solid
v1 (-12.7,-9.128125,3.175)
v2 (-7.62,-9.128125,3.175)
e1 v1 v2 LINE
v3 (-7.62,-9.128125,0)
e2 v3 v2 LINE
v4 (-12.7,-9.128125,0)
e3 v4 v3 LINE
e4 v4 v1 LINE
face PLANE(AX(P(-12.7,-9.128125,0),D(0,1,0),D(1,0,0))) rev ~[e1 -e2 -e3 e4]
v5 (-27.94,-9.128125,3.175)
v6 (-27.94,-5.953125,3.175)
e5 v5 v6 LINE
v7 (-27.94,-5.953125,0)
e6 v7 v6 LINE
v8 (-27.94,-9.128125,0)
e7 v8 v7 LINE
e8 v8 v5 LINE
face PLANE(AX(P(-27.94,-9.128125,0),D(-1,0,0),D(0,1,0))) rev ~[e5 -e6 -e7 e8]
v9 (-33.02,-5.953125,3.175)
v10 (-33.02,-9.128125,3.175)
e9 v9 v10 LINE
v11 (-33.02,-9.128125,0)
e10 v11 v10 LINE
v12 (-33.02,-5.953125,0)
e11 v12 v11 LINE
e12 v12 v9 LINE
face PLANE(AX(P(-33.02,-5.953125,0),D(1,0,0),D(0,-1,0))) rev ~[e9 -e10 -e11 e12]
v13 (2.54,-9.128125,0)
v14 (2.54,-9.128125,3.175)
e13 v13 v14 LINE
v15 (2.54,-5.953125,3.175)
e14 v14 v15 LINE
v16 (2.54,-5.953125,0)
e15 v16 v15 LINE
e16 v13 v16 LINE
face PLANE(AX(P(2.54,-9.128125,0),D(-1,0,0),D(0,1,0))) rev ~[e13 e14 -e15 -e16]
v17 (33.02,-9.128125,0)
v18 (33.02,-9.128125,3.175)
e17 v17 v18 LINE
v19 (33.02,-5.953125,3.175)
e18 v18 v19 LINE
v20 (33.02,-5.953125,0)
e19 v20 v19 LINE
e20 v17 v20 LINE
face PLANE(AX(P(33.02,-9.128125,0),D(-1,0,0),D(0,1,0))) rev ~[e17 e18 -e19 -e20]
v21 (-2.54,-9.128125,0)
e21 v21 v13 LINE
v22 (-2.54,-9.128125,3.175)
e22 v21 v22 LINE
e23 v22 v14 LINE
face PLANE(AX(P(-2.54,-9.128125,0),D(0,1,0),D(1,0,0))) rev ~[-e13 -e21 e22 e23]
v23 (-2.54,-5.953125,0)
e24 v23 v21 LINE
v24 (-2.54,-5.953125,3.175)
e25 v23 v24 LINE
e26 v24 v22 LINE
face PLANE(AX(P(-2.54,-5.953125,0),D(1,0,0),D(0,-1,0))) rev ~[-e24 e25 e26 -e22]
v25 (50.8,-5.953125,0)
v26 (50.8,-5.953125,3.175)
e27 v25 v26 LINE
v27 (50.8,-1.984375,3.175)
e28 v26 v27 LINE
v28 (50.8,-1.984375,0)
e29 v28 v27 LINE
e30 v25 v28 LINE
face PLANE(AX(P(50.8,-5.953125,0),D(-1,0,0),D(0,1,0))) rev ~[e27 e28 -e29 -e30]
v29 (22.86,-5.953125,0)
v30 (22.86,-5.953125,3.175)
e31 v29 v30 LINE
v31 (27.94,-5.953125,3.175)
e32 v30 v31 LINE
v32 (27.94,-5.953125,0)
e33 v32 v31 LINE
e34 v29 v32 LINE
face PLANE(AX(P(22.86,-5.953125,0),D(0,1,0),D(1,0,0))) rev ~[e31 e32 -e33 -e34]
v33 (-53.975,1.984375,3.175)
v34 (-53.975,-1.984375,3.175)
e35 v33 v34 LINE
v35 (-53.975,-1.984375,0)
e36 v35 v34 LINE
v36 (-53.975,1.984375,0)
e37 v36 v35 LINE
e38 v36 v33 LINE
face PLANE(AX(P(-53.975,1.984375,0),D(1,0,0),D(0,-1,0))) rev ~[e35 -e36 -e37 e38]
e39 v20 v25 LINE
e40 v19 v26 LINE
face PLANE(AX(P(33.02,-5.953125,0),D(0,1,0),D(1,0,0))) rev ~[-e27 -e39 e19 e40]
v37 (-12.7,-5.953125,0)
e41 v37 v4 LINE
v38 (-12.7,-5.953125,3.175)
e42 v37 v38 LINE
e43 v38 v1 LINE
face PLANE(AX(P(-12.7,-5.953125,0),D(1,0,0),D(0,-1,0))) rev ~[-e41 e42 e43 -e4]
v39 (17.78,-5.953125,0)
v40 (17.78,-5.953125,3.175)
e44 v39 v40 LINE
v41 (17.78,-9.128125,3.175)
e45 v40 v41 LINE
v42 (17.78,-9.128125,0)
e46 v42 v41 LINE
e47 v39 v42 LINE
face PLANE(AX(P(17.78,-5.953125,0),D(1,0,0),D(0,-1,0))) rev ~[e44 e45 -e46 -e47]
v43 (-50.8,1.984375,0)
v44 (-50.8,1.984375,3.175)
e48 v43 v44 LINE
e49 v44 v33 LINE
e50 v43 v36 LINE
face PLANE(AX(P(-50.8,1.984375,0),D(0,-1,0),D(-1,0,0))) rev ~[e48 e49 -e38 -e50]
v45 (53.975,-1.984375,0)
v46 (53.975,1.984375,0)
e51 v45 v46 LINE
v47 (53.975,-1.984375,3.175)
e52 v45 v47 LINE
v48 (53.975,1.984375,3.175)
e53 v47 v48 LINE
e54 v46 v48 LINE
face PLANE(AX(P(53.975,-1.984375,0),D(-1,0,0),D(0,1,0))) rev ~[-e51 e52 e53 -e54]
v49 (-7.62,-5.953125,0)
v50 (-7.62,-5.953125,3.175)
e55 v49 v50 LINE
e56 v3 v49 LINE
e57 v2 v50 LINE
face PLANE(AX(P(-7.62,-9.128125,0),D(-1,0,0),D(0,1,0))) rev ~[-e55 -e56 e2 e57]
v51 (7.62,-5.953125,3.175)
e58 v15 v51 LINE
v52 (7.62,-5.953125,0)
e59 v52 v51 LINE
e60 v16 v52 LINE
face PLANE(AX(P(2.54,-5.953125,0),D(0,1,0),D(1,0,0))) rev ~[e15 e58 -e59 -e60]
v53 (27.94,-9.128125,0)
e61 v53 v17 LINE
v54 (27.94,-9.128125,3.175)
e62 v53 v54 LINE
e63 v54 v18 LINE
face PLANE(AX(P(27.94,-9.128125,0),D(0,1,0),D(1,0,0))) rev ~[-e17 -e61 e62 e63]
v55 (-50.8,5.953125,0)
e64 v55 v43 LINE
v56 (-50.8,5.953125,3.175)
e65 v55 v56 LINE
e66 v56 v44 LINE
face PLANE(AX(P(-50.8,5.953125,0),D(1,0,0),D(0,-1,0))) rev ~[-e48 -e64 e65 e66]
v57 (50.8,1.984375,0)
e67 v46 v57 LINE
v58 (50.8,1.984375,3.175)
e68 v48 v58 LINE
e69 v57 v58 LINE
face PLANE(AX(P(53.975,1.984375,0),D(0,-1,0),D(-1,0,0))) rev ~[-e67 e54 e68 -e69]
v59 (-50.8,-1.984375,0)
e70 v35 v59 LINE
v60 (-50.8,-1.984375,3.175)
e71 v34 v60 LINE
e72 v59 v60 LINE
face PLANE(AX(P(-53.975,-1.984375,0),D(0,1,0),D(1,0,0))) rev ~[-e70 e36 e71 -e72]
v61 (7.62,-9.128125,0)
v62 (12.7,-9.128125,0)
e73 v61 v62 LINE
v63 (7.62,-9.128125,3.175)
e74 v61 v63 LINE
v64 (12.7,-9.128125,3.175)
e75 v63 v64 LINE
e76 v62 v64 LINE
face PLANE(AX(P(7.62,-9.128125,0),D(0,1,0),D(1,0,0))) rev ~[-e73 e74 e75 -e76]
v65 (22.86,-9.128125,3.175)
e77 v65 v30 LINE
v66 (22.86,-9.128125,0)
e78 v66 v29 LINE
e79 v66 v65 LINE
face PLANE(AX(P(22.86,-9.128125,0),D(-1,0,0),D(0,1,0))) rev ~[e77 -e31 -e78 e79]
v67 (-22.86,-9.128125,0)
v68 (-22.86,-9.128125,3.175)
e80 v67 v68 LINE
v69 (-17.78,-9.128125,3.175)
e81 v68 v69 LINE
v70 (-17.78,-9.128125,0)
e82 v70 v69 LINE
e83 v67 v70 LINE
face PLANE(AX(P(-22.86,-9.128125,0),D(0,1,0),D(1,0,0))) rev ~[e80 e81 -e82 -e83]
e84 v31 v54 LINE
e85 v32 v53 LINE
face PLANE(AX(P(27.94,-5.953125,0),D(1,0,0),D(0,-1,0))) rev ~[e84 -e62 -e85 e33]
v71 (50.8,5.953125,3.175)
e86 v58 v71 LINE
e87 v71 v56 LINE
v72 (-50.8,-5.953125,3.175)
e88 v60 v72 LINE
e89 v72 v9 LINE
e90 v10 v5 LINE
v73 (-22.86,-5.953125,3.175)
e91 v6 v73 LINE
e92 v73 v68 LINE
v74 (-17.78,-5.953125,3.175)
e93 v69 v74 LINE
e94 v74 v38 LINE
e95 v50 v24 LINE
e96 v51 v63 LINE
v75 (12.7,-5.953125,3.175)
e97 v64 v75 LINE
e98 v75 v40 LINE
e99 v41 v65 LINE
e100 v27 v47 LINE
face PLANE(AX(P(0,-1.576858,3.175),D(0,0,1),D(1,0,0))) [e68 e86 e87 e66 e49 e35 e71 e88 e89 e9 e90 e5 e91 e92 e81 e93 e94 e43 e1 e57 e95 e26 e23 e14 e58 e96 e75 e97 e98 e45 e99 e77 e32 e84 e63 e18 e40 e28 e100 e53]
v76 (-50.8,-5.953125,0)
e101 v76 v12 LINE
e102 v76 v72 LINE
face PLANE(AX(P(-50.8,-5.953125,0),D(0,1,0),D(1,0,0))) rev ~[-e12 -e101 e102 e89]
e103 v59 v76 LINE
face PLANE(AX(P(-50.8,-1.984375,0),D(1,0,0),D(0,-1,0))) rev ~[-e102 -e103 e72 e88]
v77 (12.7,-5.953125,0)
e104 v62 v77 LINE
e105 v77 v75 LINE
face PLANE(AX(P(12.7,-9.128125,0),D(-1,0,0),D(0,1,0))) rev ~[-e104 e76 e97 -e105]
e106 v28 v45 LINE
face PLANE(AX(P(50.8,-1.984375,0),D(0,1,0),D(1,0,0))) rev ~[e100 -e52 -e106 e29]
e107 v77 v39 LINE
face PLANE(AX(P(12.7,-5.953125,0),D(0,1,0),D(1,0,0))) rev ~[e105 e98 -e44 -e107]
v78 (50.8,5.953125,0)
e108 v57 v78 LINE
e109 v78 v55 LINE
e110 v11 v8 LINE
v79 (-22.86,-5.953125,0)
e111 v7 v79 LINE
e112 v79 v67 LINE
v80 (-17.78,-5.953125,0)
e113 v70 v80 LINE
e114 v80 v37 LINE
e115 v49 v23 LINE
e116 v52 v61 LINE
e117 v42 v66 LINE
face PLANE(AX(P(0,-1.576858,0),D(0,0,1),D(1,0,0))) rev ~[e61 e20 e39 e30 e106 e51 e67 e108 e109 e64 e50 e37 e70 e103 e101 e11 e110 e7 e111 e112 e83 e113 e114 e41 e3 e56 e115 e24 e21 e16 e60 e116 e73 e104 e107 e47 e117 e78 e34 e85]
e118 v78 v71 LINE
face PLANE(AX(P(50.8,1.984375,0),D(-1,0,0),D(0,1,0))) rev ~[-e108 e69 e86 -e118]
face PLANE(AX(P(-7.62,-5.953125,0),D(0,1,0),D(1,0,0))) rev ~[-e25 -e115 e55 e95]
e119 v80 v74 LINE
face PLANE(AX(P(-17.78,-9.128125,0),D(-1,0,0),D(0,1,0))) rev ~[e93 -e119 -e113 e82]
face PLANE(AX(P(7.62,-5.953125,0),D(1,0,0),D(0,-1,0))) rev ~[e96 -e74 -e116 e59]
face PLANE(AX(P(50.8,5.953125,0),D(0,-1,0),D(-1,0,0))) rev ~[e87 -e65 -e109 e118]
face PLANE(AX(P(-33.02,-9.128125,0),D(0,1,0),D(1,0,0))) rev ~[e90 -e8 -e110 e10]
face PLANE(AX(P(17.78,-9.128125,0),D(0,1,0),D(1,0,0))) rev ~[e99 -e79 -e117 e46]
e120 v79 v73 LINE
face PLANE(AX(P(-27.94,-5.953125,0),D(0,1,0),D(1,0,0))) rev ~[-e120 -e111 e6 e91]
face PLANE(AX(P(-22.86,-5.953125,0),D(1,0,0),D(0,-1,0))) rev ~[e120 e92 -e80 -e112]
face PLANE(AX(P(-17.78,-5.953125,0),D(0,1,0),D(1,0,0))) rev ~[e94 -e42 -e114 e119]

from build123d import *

# Parameters (mm, degrees)
BOSS_EXTRUDE1_DEPTH = 3.175


with BuildPart() as part:
    # Sketch1 → Boss-Extrude1 (new body)
    with BuildSketch(Plane.XY):
        Polygon((-50.8, -5.953125), (-33.02, -5.953125), (-33.02, -9.128125), (-27.94, -9.128125), (-27.94, -5.953125), (-22.86, -5.953125), (-22.86, -9.128125), (-17.78, -9.128125), (-17.78, -5.953125), (-12.7, -5.953125), (-12.7, -9.128125), (-7.62, -9.128125), (-7.62, -5.953125), (-2.54, -5.953125), (-2.54, -9.128125), (2.54, -9.128125), (2.54, -5.953125), (7.62, -5.953125), (7.62, -9.128125), (12.7, -9.128125), (12.7, -5.953125), (17.78, -5.953125), (17.78, -9.128125), (22.86, -9.128125), (22.86, -5.953125), (27.94, -5.953125), (27.94, -9.128125), (33.02, -9.128125), (33.02, -5.953125), (50.8, -5.953125), (50.8, -1.984375), (53.975, -1.984375), (53.975, 1.984375), (50.8, 1.984375), (50.8, 5.953125), (-50.8, 5.953125), (-50.8, 1.984375), (-53.975, 1.984375), (-53.975, -1.984375), (-50.8, -1.984375), align=None)
    extrude(amount=BOSS_EXTRUDE1_DEPTH)


solid = part.part
